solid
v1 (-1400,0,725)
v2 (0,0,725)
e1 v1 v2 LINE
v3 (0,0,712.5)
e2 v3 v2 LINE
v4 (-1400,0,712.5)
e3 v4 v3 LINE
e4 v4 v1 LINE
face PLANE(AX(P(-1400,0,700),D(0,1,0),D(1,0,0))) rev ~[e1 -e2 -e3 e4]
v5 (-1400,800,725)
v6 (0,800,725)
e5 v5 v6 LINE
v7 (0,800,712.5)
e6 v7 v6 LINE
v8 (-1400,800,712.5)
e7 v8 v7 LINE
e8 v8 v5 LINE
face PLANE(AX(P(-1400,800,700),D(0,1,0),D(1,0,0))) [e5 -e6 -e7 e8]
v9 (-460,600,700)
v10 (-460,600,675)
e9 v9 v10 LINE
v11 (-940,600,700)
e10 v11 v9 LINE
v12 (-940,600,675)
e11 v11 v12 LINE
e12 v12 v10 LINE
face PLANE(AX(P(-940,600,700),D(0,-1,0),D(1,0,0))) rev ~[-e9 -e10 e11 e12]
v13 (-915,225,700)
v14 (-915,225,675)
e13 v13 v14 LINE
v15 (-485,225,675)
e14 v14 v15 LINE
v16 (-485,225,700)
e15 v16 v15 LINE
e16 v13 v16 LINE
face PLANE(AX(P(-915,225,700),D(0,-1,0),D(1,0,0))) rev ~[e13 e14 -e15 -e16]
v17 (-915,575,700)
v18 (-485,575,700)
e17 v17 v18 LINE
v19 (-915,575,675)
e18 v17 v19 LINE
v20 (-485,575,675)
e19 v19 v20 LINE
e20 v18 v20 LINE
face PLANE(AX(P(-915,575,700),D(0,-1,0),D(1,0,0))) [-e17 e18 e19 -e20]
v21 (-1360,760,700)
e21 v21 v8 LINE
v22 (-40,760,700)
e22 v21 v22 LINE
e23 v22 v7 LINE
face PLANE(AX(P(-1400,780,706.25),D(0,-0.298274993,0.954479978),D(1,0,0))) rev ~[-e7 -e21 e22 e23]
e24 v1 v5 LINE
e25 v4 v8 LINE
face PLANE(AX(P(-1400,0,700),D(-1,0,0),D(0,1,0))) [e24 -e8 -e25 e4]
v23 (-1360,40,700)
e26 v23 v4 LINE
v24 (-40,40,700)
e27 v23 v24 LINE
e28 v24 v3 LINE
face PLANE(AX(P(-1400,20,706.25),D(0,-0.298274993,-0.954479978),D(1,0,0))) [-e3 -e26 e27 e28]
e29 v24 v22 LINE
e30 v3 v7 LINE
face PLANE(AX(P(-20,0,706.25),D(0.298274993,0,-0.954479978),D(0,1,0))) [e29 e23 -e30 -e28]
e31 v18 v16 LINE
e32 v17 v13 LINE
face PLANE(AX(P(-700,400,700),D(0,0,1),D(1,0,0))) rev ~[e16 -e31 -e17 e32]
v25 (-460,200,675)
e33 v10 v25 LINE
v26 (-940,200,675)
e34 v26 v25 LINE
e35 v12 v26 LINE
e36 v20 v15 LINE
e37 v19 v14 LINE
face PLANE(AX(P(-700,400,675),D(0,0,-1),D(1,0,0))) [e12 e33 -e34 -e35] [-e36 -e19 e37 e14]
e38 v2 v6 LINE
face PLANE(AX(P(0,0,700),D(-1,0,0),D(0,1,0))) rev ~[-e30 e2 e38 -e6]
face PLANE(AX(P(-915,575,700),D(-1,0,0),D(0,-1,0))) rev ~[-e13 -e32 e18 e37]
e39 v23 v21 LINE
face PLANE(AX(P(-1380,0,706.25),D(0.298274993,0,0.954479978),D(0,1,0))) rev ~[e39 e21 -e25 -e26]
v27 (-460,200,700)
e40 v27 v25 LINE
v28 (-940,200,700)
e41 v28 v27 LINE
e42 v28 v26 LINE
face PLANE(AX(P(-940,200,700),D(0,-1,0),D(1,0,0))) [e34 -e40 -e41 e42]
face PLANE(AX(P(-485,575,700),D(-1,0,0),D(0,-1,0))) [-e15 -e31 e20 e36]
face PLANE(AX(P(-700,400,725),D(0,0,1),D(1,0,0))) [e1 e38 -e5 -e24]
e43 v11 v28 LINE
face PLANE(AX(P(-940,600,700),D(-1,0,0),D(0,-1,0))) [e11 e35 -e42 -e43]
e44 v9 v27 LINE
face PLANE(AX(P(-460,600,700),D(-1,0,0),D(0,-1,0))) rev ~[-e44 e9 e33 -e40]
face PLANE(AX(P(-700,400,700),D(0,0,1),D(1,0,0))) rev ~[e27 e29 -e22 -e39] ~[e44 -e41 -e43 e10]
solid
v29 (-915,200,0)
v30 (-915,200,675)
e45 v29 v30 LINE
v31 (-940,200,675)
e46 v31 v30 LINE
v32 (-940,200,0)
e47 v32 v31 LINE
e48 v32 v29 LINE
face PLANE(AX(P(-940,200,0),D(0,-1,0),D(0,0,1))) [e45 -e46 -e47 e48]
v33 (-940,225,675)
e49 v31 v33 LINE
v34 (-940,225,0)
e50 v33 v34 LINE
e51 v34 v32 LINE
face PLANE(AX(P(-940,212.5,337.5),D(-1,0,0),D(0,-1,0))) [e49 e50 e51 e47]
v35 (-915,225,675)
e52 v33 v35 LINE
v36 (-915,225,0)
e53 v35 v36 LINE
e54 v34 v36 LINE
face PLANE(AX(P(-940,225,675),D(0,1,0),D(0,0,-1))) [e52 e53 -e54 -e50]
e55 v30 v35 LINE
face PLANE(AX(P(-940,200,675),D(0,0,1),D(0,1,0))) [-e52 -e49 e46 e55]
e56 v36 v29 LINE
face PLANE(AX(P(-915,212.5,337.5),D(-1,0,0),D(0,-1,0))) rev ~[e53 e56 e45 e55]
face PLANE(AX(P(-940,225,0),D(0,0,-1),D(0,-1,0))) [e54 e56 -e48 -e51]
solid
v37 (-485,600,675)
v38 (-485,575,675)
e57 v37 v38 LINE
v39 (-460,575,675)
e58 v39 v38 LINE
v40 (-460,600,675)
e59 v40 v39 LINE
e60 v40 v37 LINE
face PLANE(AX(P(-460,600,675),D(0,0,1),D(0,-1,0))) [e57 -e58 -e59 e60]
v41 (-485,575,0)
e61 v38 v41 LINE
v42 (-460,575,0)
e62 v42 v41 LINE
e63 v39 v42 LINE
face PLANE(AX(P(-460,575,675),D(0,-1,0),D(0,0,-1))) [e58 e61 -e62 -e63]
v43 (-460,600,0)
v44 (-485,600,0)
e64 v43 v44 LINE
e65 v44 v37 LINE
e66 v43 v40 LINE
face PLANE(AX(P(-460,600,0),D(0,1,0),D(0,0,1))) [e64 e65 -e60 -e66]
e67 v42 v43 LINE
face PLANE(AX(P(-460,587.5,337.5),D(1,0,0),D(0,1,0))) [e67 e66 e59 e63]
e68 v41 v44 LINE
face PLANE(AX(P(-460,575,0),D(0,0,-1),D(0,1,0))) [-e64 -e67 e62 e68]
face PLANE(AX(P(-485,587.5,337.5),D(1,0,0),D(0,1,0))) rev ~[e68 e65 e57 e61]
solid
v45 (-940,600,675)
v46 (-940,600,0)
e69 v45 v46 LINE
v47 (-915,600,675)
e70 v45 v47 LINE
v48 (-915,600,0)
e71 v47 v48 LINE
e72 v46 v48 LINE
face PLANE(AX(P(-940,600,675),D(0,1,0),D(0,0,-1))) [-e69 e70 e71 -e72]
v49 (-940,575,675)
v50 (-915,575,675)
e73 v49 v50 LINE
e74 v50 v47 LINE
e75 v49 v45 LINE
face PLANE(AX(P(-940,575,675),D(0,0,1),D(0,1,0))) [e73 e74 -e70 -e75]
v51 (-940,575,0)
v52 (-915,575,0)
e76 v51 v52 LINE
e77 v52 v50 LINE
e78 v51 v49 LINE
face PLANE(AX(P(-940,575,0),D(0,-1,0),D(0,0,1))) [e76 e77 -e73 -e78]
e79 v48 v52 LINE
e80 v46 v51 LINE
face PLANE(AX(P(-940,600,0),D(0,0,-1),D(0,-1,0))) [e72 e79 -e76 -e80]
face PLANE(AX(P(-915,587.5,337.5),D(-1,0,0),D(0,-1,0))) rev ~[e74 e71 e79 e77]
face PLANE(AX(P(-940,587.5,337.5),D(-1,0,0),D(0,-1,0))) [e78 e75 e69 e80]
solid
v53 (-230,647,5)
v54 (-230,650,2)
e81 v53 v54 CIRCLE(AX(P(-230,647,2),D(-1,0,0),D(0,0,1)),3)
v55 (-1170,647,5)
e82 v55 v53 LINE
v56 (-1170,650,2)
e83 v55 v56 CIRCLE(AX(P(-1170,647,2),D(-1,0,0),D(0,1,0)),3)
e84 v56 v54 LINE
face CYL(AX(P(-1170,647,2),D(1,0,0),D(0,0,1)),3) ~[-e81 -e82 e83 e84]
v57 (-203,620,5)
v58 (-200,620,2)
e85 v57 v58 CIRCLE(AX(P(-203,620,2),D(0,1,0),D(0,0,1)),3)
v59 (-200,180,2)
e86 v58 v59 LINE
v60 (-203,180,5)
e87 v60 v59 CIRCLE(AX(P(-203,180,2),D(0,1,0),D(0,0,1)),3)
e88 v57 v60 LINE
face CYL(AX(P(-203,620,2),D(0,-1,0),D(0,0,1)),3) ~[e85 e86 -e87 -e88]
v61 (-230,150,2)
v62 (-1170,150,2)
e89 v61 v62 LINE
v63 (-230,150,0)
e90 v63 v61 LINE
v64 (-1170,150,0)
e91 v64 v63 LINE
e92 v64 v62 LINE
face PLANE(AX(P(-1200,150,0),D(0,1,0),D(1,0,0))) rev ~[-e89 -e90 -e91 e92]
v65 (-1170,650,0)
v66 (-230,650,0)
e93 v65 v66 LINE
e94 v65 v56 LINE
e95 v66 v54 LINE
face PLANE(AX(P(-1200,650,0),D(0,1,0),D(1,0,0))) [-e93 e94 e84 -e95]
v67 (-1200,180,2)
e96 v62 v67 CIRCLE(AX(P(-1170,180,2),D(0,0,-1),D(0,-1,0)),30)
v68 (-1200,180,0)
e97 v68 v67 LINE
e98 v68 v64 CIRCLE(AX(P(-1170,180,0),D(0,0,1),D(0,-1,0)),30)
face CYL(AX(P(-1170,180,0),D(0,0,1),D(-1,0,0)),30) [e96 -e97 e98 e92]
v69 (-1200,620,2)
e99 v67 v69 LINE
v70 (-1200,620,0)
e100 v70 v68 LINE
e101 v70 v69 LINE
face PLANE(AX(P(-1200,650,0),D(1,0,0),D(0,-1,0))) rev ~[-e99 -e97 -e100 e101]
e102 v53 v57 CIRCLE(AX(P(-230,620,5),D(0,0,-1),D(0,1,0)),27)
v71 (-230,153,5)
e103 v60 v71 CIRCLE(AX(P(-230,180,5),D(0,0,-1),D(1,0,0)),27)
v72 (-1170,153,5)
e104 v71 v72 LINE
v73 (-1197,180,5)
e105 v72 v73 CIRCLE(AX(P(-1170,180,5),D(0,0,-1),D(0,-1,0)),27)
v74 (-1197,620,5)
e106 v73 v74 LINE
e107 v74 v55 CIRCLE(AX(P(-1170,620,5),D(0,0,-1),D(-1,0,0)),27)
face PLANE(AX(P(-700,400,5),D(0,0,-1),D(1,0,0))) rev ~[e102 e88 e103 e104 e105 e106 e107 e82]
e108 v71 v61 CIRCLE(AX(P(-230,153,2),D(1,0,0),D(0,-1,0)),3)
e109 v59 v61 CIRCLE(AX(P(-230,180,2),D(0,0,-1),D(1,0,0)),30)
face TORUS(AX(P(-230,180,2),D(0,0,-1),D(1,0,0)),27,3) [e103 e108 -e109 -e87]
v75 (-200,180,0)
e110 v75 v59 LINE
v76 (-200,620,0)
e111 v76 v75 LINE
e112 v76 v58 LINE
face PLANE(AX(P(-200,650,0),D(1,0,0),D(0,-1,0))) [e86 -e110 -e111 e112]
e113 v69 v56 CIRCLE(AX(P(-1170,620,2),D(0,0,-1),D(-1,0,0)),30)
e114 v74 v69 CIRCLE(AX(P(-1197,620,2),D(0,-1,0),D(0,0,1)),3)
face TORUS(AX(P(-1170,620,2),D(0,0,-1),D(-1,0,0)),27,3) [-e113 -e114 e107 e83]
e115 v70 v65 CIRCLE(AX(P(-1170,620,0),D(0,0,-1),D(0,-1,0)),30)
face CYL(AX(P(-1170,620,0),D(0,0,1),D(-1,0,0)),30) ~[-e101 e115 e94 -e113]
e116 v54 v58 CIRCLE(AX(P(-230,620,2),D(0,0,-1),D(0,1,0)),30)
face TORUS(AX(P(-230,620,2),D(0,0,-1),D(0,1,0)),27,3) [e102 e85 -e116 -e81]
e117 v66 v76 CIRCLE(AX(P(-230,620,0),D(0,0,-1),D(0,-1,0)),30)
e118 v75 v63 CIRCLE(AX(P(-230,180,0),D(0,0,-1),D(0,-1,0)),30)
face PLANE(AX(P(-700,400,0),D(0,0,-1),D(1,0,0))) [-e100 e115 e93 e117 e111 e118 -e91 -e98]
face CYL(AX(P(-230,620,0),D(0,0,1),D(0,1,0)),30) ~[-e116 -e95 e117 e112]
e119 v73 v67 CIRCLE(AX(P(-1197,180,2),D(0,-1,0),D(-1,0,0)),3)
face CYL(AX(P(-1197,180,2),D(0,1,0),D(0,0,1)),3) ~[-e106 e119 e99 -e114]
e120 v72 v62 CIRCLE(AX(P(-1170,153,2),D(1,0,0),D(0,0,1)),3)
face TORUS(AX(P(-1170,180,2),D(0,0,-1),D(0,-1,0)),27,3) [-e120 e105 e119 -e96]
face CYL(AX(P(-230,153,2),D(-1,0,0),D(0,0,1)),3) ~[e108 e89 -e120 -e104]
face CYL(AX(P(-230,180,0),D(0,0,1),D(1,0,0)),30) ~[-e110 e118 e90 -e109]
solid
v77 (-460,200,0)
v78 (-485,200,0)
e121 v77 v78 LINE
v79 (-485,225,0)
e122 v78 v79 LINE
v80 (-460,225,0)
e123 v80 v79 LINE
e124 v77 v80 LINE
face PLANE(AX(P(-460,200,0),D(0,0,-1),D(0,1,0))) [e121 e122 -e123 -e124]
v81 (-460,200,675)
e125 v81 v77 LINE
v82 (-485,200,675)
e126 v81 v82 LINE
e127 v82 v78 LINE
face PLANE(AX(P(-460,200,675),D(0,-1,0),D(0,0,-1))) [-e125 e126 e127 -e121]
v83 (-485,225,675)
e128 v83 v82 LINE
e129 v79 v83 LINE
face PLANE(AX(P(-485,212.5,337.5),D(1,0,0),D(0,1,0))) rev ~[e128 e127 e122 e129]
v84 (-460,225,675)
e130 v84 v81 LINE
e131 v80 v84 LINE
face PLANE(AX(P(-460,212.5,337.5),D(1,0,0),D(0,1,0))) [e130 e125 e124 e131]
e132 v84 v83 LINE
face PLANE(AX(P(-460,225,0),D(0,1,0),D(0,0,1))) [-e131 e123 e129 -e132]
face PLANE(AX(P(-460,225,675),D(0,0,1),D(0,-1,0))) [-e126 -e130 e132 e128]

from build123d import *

# Parameters (mm, degrees)
F1_W      = 1400
F1_H      = 800
F2_DEPTH  = 25
F3_SIZE2  = 12.5
F3_SIZE   = 40
F5_W      = 480
F5_H      = 400
F5_W_2    = 430
F5_H_2    = 350
F6_DEPTH  = 25
F9_DEPTH  = 25
F12_DEPTH = 25
F14_W     = 1000
F14_H     = 500
F15_DEPTH = 5
F16_R     = 30
F17_R     = 3


with BuildPart() as f2:
    # F1 (on offset) → F2 (new body)
    with BuildSketch(Plane.XY.offset(700)):
        with Locations((-700, 400)):
            Rectangle(F1_W, F1_H)
    extrude(amount=F2_DEPTH)

    # F3
    f3_edges = [f2.edges().sort_by_distance(p)[0] for p in [
        (-700, 0, 700),
        (0, 400, 700),
        (-700, 800, 700),
        (-1400, 400, 700),
    ]]
    f3_side = f2.faces().sort_by_distance((-700, 400, 700))[0]
    chamfer(f3_edges, length=F3_SIZE, length2=F3_SIZE2, reference=f3_side)

    # F5 (on offset) → F6 (join)
    with BuildSketch(Plane(origin=(0, 0, 700), x_dir=(1, 0, 0), z_dir=(0, 0, -1))):
        with Locations((-700, -400)):
            Rectangle(F5_W, F5_H)
        with Locations((-700, -400)):
            Rectangle(F5_W_2, F5_H_2, mode=Mode.SUBTRACT)
    extrude(amount=F6_DEPTH)


with BuildPart() as f9:
    # F8 (on offset) → F9 (new body)
    with BuildSketch(Plane.YZ.offset(-460)):
        Polygon((575, 25), (575, 0), (600, 0), (600, 675), (575, 675), (575, 650), align=None)
    extrude(amount=-F9_DEPTH)


with BuildPart() as f9b:
    # F8 (on offset) → F9, piece 2 (new body)
    with BuildSketch(Plane.YZ.offset(-460)):
        Polygon((225, 675), (200, 675), (200, 0), (225, 0), (225, 25), (225, 650), align=None)
    extrude(amount=-F9_DEPTH)


with BuildPart() as f12:
    # F11 (on offset) → F12 (new body)
    with BuildSketch(Plane(origin=(-940, 0, 0), x_dir=(0, -1, 0), z_dir=(-1, 0, 0))):
        Polygon((-600, 0), (-575, 0), (-575, 25), (-575, 675), (-600, 675), align=None)
    extrude(amount=-F12_DEPTH)


with BuildPart() as f12b:
    # F11 (on offset) → F12, piece 2 (new body)
    with BuildSketch(Plane(origin=(-940, 0, 0), x_dir=(0, -1, 0), z_dir=(-1, 0, 0))):
        Polygon((-225, 0), (-200, 0), (-200, 675), (-225, 675), (-225, 25), align=None)
    extrude(amount=-F12_DEPTH)


with BuildPart() as f15:
    # F14 (on offset) → F15 (new body)
    with BuildSketch(Plane(origin=(0, 0, 0), x_dir=(1, 0, 0), z_dir=(0, 0, -1))):
        with Locations((-700, -400)):
            Rectangle(F14_W, F14_H)
    extrude(amount=-F15_DEPTH)

    # F16
    f16_edges = [f15.edges().sort_by_distance(p)[0] for p in [
        (-1200, 150, 2.5),
        (-1200, 650, 2.5),
        (-200, 650, 2.5),
        (-200, 150, 2.5),
    ]]
    fillet(f16_edges, radius=F16_R)

    # F17
    f17_edges = [f15.edges().sort_by_distance(p)[0] for p in [
        (-200, 400, 5),
        (-208.786797, 641.213203, 5),
        (-700, 650, 5),
        (-1191.213203, 641.213203, 5),
        (-1200, 400, 5),
        (-700, 150, 5),
        (-208.786797, 158.786797, 5),
        (-1191.213203, 158.786797, 5),
    ]]
    fillet(f17_edges, radius=F17_R)


solid = Compound([f2.part, f9.part, f9b.part, f12.part, f12b.part, f15.part])
